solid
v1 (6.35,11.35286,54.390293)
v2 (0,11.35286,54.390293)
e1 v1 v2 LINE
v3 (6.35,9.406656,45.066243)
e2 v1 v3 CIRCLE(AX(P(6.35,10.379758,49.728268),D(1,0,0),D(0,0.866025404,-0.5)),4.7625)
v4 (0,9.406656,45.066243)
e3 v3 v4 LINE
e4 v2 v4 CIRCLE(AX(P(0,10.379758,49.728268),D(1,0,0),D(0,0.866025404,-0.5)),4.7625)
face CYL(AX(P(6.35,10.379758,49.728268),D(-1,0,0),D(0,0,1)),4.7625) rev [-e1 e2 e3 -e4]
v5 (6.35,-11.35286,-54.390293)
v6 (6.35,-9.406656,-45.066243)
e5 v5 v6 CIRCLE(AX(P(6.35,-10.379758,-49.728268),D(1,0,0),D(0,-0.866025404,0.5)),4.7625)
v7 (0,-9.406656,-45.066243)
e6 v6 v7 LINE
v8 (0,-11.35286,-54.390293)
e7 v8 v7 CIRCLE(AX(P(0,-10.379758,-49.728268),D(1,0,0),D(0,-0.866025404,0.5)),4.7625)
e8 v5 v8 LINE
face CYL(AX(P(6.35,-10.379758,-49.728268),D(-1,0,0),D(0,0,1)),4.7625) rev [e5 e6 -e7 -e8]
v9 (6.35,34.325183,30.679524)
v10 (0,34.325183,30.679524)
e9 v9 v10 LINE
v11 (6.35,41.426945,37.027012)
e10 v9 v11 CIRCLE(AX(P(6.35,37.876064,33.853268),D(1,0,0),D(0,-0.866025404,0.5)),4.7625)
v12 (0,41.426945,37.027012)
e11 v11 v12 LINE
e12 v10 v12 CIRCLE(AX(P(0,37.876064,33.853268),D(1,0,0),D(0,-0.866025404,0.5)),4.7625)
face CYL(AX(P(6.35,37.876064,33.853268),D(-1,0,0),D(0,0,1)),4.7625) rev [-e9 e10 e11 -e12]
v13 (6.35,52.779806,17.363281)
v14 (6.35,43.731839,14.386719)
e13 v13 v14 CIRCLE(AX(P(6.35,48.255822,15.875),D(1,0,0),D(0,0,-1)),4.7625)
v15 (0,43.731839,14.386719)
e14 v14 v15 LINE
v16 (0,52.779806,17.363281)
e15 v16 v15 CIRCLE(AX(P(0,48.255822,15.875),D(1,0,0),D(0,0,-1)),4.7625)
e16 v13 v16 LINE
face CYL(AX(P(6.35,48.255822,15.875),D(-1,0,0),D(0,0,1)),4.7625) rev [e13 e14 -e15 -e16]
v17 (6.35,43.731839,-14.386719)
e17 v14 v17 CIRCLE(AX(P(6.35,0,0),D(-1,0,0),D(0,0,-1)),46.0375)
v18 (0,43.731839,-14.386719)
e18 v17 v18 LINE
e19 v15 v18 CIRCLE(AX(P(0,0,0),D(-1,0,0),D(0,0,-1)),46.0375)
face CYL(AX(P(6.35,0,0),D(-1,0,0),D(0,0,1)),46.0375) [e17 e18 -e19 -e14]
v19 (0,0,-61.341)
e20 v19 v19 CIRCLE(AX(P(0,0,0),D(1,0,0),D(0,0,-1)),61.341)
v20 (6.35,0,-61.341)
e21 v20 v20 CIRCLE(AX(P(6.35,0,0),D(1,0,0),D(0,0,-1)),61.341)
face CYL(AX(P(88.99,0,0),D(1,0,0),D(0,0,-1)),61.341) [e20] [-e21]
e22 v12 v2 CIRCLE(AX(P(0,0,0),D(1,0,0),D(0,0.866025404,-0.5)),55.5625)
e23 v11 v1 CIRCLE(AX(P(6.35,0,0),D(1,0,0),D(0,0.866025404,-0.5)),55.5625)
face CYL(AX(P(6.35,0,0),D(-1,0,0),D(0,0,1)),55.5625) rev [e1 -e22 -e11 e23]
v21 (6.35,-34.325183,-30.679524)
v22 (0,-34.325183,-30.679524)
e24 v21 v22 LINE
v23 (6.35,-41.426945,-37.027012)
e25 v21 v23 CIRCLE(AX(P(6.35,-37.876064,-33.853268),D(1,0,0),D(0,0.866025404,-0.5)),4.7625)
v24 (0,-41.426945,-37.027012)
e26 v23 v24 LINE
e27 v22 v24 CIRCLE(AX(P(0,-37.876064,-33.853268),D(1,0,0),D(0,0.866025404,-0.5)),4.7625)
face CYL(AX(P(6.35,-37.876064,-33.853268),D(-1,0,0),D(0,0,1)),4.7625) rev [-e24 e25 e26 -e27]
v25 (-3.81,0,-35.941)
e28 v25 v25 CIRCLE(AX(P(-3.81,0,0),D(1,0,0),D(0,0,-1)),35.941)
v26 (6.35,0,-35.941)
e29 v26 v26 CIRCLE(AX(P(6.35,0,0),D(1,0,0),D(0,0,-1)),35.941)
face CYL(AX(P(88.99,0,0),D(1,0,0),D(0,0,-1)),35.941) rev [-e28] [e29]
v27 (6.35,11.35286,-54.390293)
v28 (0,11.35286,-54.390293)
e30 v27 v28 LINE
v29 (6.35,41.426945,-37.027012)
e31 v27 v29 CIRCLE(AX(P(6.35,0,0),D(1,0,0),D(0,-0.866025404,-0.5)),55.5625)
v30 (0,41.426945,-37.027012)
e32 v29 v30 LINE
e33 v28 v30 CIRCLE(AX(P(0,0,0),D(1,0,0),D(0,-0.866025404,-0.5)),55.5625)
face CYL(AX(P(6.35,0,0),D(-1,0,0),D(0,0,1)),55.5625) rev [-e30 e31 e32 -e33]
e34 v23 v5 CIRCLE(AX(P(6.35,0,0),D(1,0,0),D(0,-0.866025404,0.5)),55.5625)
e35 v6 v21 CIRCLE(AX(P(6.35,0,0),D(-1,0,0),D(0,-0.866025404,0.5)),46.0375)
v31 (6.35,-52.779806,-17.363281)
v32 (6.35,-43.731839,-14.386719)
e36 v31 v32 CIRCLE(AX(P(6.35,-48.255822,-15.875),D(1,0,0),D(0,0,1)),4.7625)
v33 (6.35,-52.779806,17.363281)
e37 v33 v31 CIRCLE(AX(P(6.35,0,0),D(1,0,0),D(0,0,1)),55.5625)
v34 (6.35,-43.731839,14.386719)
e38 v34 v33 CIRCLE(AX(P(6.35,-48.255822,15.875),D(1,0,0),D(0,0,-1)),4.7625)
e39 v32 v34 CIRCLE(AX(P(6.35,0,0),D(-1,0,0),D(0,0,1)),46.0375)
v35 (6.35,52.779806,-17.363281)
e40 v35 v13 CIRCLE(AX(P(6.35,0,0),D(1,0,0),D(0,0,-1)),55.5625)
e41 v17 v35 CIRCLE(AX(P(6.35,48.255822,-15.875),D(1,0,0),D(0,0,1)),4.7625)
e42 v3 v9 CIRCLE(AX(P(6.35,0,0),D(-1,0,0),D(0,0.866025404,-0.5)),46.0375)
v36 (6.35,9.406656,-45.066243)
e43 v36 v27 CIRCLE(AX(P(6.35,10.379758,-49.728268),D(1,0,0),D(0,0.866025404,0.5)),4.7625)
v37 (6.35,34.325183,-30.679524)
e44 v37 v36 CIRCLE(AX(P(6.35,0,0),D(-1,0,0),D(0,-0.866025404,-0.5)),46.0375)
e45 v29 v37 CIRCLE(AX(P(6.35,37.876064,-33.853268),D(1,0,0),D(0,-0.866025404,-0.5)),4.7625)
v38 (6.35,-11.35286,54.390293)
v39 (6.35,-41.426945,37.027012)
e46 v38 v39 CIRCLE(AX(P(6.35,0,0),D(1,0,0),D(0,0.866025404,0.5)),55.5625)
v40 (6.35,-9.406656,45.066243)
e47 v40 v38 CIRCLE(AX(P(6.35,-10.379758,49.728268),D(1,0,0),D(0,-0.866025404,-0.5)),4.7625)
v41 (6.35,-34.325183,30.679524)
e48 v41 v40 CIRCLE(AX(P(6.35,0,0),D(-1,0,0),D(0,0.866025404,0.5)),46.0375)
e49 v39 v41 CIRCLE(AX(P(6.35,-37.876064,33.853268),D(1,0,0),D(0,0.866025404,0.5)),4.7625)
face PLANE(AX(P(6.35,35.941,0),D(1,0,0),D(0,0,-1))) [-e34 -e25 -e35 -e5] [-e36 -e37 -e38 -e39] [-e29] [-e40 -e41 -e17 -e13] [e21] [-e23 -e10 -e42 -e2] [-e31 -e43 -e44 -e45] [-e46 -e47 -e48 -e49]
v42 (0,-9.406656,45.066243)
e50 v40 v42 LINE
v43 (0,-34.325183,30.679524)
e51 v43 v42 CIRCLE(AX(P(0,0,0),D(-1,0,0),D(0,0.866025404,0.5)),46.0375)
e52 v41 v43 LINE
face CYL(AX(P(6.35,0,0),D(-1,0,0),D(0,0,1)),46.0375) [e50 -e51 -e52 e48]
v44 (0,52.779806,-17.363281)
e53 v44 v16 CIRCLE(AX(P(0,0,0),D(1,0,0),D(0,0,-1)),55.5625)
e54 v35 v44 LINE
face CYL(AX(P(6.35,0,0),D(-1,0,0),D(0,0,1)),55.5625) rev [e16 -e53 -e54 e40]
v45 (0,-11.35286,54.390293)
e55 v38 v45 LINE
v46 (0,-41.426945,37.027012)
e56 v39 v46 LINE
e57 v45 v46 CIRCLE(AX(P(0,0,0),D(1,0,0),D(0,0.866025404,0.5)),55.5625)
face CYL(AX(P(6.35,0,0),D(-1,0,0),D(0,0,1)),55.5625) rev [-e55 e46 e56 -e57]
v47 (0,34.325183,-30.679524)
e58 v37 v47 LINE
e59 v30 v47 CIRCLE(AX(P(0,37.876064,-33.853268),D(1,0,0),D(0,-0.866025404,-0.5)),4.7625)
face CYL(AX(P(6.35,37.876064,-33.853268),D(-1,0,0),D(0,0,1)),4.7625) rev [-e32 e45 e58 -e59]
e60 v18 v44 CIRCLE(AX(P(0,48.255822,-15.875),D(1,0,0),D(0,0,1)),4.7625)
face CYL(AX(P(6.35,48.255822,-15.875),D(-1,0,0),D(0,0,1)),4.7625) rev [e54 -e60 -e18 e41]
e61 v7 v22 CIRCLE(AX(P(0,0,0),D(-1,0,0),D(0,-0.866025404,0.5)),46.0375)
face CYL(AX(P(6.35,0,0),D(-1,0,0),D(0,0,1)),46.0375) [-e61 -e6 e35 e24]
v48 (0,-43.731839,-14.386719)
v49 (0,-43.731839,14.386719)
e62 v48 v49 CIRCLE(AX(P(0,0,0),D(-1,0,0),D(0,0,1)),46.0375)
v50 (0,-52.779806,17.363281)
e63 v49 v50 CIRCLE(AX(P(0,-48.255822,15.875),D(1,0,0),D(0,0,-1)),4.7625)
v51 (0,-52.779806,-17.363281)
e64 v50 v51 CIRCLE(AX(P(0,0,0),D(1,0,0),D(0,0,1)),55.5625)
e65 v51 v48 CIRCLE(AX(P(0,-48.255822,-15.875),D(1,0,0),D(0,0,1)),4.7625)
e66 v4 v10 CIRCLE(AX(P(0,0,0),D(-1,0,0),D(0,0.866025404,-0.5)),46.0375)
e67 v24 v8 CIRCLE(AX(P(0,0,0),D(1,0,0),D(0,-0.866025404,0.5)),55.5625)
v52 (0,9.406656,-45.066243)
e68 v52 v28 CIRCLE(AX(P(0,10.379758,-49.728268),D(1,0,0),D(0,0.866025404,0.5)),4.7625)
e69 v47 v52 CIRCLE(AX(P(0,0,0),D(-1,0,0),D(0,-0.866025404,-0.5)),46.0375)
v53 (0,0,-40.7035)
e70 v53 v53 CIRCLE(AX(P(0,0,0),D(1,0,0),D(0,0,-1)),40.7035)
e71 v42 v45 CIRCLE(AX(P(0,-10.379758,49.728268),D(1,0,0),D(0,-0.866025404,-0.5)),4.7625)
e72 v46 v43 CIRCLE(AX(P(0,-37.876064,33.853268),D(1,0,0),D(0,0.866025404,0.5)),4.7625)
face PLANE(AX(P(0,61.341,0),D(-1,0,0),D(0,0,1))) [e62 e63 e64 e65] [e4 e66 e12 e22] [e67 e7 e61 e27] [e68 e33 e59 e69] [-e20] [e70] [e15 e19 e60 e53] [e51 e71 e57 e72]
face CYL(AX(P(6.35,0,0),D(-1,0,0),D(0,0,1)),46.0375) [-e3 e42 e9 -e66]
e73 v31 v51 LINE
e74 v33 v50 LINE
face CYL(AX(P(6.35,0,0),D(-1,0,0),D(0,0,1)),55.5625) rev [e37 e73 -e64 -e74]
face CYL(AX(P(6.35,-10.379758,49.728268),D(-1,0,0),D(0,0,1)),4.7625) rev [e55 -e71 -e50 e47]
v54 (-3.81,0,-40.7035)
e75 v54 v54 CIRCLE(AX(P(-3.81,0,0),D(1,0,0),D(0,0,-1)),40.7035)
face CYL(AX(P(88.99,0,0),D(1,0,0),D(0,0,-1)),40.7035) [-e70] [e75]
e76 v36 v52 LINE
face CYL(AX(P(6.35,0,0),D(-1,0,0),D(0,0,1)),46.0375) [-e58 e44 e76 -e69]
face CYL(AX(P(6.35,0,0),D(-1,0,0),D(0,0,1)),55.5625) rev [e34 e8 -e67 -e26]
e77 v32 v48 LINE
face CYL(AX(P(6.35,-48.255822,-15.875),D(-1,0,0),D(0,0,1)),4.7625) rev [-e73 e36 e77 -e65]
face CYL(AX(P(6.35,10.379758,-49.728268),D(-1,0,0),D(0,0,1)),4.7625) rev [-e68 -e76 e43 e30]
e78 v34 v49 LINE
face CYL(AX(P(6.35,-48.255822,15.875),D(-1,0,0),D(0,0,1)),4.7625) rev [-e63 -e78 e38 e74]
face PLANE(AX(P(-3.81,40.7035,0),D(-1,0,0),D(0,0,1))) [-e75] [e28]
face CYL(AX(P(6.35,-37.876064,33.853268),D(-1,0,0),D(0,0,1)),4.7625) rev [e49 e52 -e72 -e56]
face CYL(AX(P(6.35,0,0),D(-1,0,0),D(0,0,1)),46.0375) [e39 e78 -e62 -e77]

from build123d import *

# Parameters (mm, degrees)
CUT_EXTRUDE1_DEPTH = 87.981371925
CIRPATTERN1_COUNT  = 6


with BuildPart() as part:
    # Sketch2 → Revolve1 (revolve)
    with BuildSketch(Plane.XY, mode=Mode.PRIVATE) as revolve1_sk:
        Polygon((0, 35.941), (6.35, 35.941), (6.35, 61.341), (0, 61.341), (0, 40.7035), (-3.81, 40.7035), (-3.81, 35.941), align=None)
    revolve(revolve1_sk.sketch.rotate(Axis((88.99, 0, 0), (-1, 0, 0)), 90), axis=Axis((88.99, 0, 0), (-1, 0, 0)))

    # Sketch3 → Cut-Extrude1 (cut, through all)
    with BuildSketch(Plane(origin=(0, 0, 0), x_dir=(0, 0, -1), z_dir=(1, 0, 0))):
        with BuildLine():
            ThreePointArc((17.36328125, 52.779805518), (0, 55.5625), (-17.36328125, 52.779805518))
            ThreePointArc((-17.36328125, 52.779805518), (-20.39898333, 46.767540938), (-14.38671875, 43.731838858))
            ThreePointArc((-14.38671875, 43.731838858), (0, 46.0375), (14.38671875, 43.731838858))
            ThreePointArc((14.38671875, 43.731838858), (20.39898333, 46.767540938), (17.36328125, 52.779805518))
        make_face()
    cut_extrude1 = extrude(amount=CUT_EXTRUDE1_DEPTH, mode=Mode.SUBTRACT)

    # CirPattern1: Cut-Extrude1 ×6 about axis
    cirpattern1_axis = Axis((0, 0, 0), (1, 0, 0))
    for i in range(1, CIRPATTERN1_COUNT):
        add(cut_extrude1.rotate(cirpattern1_axis, i * 360 / CIRPATTERN1_COUNT), mode=Mode.SUBTRACT)


solid = part.part
